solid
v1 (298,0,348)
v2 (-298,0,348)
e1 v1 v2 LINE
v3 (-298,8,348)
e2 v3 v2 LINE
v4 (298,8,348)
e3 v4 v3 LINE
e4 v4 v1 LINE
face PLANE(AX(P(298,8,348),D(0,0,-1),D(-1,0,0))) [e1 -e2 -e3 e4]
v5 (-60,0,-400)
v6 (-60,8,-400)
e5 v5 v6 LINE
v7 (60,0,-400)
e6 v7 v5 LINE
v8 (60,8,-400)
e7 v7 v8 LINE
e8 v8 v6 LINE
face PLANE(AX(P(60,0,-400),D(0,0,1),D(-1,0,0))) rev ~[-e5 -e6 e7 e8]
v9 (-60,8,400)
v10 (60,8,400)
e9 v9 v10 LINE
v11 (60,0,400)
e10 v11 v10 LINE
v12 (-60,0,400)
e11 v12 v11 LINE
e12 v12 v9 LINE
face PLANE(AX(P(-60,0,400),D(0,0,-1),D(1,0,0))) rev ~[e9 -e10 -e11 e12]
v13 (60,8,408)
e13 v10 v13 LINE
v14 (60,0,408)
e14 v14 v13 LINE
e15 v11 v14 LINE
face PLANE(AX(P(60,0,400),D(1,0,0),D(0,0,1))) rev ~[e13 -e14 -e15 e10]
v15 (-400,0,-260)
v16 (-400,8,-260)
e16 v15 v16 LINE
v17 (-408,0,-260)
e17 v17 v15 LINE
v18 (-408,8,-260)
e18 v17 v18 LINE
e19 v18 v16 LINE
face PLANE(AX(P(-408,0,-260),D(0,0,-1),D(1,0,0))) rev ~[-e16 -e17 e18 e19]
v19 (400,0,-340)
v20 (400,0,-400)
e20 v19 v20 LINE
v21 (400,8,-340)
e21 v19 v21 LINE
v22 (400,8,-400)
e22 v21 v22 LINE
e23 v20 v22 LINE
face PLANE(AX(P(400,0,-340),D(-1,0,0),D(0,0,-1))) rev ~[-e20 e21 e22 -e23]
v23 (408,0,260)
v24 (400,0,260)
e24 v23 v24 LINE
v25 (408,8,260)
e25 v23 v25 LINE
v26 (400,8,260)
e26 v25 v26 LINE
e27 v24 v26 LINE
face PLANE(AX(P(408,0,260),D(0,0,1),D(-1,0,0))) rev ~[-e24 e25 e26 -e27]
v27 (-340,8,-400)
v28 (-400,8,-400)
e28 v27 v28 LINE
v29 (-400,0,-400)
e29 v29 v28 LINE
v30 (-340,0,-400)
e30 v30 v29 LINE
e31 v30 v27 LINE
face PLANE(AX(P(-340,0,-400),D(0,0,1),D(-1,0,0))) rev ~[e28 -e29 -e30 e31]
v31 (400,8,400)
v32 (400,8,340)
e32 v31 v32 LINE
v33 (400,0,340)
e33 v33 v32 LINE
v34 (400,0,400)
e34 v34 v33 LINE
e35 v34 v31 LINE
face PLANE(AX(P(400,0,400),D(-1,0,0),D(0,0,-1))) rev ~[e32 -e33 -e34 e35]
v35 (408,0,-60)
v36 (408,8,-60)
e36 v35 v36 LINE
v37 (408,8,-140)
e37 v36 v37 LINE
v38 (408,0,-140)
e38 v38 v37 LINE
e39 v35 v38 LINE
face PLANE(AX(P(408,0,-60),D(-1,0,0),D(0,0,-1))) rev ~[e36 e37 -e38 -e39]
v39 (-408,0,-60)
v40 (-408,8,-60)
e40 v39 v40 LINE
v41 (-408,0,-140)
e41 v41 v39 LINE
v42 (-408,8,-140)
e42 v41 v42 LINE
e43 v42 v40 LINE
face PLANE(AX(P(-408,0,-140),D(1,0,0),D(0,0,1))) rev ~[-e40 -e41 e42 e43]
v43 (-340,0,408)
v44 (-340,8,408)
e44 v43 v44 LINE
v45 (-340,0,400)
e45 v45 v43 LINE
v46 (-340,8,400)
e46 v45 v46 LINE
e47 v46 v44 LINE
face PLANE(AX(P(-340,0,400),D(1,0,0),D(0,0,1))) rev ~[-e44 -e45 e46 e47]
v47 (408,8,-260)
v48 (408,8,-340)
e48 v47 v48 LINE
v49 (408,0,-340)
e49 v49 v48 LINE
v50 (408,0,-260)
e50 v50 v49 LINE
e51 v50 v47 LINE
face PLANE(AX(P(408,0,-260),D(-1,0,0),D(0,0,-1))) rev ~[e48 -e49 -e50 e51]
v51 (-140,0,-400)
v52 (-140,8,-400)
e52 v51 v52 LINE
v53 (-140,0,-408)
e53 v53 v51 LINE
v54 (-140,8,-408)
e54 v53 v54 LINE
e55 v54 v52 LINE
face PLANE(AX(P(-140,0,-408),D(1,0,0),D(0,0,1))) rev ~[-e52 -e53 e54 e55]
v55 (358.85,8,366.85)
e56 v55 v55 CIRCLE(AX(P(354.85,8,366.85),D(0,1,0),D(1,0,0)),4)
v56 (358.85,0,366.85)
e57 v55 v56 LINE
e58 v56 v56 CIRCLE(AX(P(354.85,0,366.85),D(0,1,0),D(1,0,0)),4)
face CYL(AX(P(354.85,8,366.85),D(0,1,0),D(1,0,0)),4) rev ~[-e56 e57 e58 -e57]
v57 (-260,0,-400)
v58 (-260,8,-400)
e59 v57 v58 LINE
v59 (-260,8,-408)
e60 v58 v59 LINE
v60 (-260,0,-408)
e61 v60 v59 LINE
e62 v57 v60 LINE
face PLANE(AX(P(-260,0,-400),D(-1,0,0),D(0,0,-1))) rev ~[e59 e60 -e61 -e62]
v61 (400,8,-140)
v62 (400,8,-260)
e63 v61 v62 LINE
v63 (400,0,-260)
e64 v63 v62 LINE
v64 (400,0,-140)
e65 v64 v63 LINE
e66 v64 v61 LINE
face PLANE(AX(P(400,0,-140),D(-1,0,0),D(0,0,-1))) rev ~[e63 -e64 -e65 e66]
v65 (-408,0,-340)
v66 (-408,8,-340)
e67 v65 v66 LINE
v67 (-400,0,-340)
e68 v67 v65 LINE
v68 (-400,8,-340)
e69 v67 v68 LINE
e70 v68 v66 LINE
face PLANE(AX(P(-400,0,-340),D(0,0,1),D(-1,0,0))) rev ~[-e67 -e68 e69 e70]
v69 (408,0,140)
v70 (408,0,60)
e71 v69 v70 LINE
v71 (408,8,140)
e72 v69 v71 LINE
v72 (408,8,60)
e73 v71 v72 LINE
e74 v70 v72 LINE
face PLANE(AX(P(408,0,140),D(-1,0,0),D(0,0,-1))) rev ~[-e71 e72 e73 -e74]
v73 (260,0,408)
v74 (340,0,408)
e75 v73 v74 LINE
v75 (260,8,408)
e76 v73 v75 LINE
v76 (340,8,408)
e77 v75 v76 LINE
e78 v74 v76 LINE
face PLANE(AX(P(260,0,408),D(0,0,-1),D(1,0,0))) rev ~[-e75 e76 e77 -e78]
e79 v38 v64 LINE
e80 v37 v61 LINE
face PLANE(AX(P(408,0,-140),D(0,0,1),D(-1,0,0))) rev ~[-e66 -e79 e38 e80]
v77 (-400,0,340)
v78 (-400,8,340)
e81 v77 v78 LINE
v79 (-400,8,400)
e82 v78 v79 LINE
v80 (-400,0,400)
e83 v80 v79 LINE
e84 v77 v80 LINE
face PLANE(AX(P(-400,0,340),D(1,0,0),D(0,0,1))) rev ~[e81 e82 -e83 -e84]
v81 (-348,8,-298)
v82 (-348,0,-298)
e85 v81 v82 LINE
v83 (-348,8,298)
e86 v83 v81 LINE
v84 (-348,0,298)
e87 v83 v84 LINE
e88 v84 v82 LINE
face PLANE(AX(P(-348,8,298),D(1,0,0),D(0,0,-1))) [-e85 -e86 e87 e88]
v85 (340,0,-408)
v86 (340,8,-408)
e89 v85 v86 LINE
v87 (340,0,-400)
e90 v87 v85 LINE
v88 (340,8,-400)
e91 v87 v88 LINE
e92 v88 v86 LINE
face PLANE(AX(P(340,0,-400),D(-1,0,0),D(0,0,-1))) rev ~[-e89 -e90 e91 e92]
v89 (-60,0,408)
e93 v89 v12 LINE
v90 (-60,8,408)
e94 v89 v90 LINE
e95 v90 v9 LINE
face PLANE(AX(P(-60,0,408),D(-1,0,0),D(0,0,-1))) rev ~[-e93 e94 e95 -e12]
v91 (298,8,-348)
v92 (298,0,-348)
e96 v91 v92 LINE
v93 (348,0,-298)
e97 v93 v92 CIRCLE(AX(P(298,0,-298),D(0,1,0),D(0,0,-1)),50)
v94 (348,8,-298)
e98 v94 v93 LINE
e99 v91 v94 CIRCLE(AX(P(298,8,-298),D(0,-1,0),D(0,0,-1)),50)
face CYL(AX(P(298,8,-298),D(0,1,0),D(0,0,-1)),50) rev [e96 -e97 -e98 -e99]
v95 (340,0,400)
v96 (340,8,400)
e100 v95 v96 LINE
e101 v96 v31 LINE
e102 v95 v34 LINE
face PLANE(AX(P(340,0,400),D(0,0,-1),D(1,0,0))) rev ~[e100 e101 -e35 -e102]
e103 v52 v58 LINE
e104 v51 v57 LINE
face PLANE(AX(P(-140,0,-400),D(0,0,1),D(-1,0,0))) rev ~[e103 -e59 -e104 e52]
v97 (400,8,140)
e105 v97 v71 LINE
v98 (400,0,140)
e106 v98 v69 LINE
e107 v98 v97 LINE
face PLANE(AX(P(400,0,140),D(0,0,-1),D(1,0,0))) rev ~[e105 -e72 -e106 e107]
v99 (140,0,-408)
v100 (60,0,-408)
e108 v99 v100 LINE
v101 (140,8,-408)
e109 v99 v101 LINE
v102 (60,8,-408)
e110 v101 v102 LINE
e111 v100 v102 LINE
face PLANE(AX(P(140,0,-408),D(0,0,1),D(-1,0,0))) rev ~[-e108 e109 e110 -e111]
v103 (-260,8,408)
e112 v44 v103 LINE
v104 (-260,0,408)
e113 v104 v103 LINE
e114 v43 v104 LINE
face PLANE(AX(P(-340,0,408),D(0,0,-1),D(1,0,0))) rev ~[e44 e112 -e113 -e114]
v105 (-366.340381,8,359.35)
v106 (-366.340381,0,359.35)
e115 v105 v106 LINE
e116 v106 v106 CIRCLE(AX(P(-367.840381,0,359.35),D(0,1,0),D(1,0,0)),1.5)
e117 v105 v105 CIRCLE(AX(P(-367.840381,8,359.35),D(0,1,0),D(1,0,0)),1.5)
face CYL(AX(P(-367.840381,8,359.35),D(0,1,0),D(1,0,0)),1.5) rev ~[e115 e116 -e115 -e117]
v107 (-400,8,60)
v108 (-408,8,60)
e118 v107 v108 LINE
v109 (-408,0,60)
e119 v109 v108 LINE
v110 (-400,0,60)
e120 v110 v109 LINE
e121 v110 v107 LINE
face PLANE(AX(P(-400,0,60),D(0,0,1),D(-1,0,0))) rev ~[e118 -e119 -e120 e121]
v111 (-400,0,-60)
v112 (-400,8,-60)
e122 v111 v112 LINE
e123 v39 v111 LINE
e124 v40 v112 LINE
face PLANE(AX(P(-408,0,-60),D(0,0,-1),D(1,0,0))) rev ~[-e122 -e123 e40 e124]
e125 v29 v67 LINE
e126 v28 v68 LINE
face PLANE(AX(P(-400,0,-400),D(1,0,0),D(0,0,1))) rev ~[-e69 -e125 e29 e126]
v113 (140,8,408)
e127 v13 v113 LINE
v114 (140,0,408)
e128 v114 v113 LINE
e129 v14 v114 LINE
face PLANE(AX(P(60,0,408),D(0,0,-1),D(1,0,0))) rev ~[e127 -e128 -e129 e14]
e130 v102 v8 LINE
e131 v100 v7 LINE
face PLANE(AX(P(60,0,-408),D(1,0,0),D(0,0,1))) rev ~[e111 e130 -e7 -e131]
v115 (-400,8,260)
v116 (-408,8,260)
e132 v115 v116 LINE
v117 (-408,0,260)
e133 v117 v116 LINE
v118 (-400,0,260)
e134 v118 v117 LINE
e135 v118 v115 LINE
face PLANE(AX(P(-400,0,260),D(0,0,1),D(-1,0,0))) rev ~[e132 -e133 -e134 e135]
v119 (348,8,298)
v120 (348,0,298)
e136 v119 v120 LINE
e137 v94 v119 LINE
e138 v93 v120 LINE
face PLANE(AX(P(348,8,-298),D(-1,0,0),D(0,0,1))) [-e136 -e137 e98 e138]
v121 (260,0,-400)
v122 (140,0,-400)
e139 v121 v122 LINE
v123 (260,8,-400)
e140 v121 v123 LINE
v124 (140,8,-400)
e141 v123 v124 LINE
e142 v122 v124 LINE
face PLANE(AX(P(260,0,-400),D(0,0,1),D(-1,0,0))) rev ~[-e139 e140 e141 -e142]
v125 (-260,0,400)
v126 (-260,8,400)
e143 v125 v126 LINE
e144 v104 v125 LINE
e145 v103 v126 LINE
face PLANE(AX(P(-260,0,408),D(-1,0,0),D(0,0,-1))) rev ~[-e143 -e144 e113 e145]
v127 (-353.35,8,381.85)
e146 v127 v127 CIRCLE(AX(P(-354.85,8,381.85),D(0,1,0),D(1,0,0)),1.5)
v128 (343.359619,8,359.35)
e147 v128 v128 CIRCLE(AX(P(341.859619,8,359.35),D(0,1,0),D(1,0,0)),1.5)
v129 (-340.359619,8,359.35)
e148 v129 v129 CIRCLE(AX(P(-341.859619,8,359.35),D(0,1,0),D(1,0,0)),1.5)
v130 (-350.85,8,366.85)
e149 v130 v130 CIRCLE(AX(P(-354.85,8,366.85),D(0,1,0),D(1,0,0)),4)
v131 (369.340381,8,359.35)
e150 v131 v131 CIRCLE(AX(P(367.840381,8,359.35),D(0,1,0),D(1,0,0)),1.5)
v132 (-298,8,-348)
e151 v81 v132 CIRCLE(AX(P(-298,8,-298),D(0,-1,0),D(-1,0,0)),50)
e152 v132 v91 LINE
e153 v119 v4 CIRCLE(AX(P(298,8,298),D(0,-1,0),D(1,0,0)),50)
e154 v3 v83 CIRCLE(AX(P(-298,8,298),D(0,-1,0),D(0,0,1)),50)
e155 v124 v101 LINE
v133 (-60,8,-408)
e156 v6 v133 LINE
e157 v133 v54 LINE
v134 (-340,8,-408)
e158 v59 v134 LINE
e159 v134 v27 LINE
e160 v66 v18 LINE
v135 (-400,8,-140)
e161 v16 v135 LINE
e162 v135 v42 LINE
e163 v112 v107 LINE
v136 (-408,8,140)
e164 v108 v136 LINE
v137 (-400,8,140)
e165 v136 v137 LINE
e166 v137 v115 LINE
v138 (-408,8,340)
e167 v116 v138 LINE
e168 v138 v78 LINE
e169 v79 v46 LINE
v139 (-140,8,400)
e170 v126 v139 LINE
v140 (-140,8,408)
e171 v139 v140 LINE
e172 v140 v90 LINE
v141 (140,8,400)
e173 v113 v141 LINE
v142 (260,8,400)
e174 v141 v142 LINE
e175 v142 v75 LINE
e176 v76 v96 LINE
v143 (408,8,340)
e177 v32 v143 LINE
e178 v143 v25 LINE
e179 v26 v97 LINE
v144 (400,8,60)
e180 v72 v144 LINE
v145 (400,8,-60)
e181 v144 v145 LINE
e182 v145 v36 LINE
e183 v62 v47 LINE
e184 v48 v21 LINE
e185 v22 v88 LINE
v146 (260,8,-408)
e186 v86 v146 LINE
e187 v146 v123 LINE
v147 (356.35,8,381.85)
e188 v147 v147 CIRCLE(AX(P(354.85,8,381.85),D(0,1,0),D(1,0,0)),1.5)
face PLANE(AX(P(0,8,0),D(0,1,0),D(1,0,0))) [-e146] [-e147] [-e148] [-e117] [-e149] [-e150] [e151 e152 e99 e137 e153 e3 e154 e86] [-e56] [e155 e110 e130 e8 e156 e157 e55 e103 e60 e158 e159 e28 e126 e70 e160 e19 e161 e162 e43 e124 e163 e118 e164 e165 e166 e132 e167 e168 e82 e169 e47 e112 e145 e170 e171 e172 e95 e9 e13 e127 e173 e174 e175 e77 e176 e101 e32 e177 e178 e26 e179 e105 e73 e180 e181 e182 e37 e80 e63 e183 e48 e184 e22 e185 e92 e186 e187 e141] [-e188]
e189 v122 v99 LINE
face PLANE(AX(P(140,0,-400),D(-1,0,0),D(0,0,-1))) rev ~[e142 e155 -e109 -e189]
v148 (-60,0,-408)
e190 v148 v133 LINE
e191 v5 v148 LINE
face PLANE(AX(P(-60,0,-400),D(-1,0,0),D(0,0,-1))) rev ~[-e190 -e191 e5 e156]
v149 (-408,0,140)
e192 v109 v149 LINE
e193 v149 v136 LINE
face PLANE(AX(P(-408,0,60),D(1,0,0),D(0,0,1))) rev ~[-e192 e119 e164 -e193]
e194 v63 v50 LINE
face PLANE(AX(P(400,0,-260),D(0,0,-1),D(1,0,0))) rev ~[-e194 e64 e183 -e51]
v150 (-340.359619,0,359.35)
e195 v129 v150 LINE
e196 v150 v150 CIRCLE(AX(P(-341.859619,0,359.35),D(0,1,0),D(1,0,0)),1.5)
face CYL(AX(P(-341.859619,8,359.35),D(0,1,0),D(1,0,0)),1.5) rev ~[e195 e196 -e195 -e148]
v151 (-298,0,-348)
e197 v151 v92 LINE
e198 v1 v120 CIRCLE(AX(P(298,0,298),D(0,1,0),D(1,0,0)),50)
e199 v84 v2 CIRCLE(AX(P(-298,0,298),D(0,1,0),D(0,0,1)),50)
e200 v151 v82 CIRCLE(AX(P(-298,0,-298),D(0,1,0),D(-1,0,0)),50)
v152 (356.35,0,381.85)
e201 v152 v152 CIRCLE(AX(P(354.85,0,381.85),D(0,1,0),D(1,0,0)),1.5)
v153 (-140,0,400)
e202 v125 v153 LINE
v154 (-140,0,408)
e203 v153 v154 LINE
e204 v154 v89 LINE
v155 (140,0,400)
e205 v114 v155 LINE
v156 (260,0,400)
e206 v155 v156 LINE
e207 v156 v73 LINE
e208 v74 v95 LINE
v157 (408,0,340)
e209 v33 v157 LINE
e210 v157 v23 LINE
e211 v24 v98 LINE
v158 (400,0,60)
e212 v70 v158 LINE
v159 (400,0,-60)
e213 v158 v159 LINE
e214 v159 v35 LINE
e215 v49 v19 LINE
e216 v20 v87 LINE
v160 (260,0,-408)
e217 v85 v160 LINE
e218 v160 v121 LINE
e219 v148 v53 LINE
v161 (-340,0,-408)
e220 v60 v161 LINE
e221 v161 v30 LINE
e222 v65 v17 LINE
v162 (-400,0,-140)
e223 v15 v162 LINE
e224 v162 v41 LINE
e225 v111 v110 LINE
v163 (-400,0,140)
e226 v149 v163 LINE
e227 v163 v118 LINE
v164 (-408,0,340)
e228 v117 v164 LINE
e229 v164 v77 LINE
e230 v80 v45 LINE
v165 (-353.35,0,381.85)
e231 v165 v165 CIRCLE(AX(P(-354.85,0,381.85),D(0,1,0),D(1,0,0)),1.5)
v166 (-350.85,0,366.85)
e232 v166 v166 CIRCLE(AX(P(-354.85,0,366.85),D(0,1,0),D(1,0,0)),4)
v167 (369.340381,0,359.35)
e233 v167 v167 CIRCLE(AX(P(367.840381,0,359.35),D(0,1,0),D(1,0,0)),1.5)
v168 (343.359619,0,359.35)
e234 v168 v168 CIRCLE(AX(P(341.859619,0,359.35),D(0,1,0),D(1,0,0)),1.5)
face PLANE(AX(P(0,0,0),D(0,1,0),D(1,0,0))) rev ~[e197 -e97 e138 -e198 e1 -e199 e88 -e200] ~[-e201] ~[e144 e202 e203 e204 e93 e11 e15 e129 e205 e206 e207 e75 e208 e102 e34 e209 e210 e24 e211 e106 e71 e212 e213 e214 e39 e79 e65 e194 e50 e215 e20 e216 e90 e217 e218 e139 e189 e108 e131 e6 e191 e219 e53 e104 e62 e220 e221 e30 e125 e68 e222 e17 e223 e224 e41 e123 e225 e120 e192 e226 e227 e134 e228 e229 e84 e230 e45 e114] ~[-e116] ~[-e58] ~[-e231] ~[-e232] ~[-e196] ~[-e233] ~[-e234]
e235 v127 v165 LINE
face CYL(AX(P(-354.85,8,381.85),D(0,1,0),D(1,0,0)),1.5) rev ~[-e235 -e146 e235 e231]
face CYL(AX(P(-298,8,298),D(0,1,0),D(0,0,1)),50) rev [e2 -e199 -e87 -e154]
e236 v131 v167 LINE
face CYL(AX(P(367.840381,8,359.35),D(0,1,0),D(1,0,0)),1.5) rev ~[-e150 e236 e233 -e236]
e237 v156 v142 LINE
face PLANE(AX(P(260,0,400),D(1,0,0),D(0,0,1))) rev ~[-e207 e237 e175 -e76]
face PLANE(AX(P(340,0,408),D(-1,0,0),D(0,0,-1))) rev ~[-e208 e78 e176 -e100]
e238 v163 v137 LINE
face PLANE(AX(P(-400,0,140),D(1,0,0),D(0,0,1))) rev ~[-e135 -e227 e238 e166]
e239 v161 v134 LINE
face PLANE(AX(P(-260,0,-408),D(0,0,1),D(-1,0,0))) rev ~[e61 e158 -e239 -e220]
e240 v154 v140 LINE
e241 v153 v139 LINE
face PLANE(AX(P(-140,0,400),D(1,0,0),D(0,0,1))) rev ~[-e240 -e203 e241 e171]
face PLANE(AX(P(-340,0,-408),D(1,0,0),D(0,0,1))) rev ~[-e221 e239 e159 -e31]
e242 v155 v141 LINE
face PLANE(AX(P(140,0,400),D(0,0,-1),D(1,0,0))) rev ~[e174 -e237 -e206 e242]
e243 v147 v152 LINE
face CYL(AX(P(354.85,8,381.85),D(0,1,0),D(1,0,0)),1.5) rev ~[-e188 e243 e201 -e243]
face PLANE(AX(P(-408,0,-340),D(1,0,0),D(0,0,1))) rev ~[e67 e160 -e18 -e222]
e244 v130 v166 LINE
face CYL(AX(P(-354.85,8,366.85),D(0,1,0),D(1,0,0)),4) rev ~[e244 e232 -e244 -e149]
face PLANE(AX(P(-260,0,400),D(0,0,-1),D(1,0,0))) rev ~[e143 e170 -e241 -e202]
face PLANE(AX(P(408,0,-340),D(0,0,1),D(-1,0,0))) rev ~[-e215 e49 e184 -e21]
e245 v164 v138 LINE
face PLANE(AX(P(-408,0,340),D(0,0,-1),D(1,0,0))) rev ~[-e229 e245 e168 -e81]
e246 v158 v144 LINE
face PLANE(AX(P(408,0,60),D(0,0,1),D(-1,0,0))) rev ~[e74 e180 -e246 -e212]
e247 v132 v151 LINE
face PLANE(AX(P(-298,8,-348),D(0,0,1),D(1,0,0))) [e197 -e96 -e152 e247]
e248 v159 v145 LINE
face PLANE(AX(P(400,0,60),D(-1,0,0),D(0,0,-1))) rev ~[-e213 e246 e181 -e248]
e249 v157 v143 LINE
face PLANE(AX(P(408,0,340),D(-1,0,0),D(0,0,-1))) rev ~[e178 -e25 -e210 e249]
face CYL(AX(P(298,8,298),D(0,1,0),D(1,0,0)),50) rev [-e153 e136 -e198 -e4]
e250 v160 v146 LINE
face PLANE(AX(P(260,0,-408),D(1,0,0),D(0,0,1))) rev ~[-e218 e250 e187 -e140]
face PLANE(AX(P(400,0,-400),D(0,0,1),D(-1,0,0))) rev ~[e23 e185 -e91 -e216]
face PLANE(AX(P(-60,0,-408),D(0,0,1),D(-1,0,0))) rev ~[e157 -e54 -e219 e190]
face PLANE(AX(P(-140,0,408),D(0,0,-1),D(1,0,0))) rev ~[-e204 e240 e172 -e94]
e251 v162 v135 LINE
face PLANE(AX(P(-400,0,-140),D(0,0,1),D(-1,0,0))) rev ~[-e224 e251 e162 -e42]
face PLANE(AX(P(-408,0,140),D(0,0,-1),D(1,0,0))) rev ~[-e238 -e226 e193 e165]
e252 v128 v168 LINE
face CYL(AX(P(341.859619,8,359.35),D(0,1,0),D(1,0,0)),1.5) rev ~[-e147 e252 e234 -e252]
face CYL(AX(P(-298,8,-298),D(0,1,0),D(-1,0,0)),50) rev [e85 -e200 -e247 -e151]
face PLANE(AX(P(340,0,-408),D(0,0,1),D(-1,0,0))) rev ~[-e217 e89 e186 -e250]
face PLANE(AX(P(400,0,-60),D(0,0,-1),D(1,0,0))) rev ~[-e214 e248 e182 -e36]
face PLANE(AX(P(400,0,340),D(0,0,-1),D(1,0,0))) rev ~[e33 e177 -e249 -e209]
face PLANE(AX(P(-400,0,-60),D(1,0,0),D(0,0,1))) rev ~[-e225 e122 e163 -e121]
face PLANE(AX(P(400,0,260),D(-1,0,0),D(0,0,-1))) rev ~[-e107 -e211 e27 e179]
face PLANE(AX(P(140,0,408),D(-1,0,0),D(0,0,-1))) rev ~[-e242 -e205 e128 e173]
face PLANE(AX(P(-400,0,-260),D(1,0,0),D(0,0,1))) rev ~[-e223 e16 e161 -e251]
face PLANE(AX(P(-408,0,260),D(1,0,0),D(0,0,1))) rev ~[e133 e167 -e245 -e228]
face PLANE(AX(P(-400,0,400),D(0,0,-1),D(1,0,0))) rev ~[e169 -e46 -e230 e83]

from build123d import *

# Parameters (mm, degrees)
BOSS_EXTRUDE1_DEPTH = 8
CUT_EXTRUDE1_DEPTH  = 10
SKETCH3_R           = 4
SKETCH3_R_2         = 1.5
CUT_EXTRUDE2_DEPTH  = 10


with BuildPart() as part:
    # Sketch1 → Boss-Extrude1 (new body)
    with BuildSketch(Plane(origin=(0, 0, 0), x_dir=(1, 0, 0), z_dir=(0, 1, 0))):
        Polygon((340, 408), (260, 408), (260, 400), (140, 400), (140, 408), (60, 408), (60, 400), (-60, 400), (-60, 408), (-140, 408), (-140, 400), (-260, 400), (-260, 408), (-340, 408), (-340, 400), (-400, 400), (-400, 340), (-408, 340), (-408, 260), (-400, 260), (-400, 140), (-408, 140), (-408, 60), (-400, 60), (-400, -60), (-408, -60), (-408, -140), (-400, -140), (-400, -260), (-408, -260), (-408, -340), (-400, -340), (-400, -400), (-340, -400), (-340, -408), (-260, -408), (-260, -400), (-140, -400), (-140, -408), (-60, -408), (-60, -400), (60, -400), (60, -408), (140, -408), (140, -400), (260, -400), (260, -408), (340, -408), (340, -400), (400, -400), (400, -340), (408, -340), (408, -260), (400, -260), (400, -140), (408, -140), (408, -60), (400, -60), (400, 60), (408, 60), (408, 140), (400, 140), (400, 260), (408, 260), (408, 340), (400, 340), (400, 400), (340, 400), align=None)
    extrude(amount=BOSS_EXTRUDE1_DEPTH)

    # Sketch2 → Cut-Extrude1 (cut)
    with BuildSketch(Plane(origin=(0, 8, 0), x_dir=(1, 0, 0), z_dir=(0, 1, 0))):
        with BuildLine():
            Line((-298, 348), (298, 348))
            ThreePointArc((298, 348), (333.355339059, 333.355339059), (348, 298))
            Line((348, 298), (348, -298))
            ThreePointArc((348, -298), (333.355339059, -333.355339059), (298, -348))
            Line((298, -348), (-298, -348))
            ThreePointArc((-298, -348), (-333.355339059, -333.355339059), (-348, -298))
            Line((-348, -298), (-348, 298))
            ThreePointArc((-348, 298), (-333.355339059, 333.355339059), (-298, 348))
        make_face()
    extrude(amount=-CUT_EXTRUDE1_DEPTH, mode=Mode.SUBTRACT)

    # Sketch3 → Cut-Extrude2 (cut)
    with BuildSketch(Plane(origin=(0, 8, 0), x_dir=(1, 0, 0), z_dir=(0, 1, 0))):
        with Locations((354.85, -366.85)):
            Circle(SKETCH3_R)
        with Locations((354.85, -381.85)):
            Circle(SKETCH3_R_2)
        with Locations((341.859618943, -359.35)):
            Circle(SKETCH3_R_2)
        with Locations((367.840381057, -359.35)):
            Circle(SKETCH3_R_2)
        with Locations((-367.840381057, -359.35)):
            Circle(SKETCH3_R_2)
        with Locations((-341.859618943, -359.35)):
            Circle(SKETCH3_R_2)
        with Locations((-354.85, -381.85)):
            Circle(SKETCH3_R_2)
        with Locations((-354.85, -366.85)):
            Circle(SKETCH3_R)
    extrude(amount=-CUT_EXTRUDE2_DEPTH, mode=Mode.SUBTRACT)


solid = part.part
